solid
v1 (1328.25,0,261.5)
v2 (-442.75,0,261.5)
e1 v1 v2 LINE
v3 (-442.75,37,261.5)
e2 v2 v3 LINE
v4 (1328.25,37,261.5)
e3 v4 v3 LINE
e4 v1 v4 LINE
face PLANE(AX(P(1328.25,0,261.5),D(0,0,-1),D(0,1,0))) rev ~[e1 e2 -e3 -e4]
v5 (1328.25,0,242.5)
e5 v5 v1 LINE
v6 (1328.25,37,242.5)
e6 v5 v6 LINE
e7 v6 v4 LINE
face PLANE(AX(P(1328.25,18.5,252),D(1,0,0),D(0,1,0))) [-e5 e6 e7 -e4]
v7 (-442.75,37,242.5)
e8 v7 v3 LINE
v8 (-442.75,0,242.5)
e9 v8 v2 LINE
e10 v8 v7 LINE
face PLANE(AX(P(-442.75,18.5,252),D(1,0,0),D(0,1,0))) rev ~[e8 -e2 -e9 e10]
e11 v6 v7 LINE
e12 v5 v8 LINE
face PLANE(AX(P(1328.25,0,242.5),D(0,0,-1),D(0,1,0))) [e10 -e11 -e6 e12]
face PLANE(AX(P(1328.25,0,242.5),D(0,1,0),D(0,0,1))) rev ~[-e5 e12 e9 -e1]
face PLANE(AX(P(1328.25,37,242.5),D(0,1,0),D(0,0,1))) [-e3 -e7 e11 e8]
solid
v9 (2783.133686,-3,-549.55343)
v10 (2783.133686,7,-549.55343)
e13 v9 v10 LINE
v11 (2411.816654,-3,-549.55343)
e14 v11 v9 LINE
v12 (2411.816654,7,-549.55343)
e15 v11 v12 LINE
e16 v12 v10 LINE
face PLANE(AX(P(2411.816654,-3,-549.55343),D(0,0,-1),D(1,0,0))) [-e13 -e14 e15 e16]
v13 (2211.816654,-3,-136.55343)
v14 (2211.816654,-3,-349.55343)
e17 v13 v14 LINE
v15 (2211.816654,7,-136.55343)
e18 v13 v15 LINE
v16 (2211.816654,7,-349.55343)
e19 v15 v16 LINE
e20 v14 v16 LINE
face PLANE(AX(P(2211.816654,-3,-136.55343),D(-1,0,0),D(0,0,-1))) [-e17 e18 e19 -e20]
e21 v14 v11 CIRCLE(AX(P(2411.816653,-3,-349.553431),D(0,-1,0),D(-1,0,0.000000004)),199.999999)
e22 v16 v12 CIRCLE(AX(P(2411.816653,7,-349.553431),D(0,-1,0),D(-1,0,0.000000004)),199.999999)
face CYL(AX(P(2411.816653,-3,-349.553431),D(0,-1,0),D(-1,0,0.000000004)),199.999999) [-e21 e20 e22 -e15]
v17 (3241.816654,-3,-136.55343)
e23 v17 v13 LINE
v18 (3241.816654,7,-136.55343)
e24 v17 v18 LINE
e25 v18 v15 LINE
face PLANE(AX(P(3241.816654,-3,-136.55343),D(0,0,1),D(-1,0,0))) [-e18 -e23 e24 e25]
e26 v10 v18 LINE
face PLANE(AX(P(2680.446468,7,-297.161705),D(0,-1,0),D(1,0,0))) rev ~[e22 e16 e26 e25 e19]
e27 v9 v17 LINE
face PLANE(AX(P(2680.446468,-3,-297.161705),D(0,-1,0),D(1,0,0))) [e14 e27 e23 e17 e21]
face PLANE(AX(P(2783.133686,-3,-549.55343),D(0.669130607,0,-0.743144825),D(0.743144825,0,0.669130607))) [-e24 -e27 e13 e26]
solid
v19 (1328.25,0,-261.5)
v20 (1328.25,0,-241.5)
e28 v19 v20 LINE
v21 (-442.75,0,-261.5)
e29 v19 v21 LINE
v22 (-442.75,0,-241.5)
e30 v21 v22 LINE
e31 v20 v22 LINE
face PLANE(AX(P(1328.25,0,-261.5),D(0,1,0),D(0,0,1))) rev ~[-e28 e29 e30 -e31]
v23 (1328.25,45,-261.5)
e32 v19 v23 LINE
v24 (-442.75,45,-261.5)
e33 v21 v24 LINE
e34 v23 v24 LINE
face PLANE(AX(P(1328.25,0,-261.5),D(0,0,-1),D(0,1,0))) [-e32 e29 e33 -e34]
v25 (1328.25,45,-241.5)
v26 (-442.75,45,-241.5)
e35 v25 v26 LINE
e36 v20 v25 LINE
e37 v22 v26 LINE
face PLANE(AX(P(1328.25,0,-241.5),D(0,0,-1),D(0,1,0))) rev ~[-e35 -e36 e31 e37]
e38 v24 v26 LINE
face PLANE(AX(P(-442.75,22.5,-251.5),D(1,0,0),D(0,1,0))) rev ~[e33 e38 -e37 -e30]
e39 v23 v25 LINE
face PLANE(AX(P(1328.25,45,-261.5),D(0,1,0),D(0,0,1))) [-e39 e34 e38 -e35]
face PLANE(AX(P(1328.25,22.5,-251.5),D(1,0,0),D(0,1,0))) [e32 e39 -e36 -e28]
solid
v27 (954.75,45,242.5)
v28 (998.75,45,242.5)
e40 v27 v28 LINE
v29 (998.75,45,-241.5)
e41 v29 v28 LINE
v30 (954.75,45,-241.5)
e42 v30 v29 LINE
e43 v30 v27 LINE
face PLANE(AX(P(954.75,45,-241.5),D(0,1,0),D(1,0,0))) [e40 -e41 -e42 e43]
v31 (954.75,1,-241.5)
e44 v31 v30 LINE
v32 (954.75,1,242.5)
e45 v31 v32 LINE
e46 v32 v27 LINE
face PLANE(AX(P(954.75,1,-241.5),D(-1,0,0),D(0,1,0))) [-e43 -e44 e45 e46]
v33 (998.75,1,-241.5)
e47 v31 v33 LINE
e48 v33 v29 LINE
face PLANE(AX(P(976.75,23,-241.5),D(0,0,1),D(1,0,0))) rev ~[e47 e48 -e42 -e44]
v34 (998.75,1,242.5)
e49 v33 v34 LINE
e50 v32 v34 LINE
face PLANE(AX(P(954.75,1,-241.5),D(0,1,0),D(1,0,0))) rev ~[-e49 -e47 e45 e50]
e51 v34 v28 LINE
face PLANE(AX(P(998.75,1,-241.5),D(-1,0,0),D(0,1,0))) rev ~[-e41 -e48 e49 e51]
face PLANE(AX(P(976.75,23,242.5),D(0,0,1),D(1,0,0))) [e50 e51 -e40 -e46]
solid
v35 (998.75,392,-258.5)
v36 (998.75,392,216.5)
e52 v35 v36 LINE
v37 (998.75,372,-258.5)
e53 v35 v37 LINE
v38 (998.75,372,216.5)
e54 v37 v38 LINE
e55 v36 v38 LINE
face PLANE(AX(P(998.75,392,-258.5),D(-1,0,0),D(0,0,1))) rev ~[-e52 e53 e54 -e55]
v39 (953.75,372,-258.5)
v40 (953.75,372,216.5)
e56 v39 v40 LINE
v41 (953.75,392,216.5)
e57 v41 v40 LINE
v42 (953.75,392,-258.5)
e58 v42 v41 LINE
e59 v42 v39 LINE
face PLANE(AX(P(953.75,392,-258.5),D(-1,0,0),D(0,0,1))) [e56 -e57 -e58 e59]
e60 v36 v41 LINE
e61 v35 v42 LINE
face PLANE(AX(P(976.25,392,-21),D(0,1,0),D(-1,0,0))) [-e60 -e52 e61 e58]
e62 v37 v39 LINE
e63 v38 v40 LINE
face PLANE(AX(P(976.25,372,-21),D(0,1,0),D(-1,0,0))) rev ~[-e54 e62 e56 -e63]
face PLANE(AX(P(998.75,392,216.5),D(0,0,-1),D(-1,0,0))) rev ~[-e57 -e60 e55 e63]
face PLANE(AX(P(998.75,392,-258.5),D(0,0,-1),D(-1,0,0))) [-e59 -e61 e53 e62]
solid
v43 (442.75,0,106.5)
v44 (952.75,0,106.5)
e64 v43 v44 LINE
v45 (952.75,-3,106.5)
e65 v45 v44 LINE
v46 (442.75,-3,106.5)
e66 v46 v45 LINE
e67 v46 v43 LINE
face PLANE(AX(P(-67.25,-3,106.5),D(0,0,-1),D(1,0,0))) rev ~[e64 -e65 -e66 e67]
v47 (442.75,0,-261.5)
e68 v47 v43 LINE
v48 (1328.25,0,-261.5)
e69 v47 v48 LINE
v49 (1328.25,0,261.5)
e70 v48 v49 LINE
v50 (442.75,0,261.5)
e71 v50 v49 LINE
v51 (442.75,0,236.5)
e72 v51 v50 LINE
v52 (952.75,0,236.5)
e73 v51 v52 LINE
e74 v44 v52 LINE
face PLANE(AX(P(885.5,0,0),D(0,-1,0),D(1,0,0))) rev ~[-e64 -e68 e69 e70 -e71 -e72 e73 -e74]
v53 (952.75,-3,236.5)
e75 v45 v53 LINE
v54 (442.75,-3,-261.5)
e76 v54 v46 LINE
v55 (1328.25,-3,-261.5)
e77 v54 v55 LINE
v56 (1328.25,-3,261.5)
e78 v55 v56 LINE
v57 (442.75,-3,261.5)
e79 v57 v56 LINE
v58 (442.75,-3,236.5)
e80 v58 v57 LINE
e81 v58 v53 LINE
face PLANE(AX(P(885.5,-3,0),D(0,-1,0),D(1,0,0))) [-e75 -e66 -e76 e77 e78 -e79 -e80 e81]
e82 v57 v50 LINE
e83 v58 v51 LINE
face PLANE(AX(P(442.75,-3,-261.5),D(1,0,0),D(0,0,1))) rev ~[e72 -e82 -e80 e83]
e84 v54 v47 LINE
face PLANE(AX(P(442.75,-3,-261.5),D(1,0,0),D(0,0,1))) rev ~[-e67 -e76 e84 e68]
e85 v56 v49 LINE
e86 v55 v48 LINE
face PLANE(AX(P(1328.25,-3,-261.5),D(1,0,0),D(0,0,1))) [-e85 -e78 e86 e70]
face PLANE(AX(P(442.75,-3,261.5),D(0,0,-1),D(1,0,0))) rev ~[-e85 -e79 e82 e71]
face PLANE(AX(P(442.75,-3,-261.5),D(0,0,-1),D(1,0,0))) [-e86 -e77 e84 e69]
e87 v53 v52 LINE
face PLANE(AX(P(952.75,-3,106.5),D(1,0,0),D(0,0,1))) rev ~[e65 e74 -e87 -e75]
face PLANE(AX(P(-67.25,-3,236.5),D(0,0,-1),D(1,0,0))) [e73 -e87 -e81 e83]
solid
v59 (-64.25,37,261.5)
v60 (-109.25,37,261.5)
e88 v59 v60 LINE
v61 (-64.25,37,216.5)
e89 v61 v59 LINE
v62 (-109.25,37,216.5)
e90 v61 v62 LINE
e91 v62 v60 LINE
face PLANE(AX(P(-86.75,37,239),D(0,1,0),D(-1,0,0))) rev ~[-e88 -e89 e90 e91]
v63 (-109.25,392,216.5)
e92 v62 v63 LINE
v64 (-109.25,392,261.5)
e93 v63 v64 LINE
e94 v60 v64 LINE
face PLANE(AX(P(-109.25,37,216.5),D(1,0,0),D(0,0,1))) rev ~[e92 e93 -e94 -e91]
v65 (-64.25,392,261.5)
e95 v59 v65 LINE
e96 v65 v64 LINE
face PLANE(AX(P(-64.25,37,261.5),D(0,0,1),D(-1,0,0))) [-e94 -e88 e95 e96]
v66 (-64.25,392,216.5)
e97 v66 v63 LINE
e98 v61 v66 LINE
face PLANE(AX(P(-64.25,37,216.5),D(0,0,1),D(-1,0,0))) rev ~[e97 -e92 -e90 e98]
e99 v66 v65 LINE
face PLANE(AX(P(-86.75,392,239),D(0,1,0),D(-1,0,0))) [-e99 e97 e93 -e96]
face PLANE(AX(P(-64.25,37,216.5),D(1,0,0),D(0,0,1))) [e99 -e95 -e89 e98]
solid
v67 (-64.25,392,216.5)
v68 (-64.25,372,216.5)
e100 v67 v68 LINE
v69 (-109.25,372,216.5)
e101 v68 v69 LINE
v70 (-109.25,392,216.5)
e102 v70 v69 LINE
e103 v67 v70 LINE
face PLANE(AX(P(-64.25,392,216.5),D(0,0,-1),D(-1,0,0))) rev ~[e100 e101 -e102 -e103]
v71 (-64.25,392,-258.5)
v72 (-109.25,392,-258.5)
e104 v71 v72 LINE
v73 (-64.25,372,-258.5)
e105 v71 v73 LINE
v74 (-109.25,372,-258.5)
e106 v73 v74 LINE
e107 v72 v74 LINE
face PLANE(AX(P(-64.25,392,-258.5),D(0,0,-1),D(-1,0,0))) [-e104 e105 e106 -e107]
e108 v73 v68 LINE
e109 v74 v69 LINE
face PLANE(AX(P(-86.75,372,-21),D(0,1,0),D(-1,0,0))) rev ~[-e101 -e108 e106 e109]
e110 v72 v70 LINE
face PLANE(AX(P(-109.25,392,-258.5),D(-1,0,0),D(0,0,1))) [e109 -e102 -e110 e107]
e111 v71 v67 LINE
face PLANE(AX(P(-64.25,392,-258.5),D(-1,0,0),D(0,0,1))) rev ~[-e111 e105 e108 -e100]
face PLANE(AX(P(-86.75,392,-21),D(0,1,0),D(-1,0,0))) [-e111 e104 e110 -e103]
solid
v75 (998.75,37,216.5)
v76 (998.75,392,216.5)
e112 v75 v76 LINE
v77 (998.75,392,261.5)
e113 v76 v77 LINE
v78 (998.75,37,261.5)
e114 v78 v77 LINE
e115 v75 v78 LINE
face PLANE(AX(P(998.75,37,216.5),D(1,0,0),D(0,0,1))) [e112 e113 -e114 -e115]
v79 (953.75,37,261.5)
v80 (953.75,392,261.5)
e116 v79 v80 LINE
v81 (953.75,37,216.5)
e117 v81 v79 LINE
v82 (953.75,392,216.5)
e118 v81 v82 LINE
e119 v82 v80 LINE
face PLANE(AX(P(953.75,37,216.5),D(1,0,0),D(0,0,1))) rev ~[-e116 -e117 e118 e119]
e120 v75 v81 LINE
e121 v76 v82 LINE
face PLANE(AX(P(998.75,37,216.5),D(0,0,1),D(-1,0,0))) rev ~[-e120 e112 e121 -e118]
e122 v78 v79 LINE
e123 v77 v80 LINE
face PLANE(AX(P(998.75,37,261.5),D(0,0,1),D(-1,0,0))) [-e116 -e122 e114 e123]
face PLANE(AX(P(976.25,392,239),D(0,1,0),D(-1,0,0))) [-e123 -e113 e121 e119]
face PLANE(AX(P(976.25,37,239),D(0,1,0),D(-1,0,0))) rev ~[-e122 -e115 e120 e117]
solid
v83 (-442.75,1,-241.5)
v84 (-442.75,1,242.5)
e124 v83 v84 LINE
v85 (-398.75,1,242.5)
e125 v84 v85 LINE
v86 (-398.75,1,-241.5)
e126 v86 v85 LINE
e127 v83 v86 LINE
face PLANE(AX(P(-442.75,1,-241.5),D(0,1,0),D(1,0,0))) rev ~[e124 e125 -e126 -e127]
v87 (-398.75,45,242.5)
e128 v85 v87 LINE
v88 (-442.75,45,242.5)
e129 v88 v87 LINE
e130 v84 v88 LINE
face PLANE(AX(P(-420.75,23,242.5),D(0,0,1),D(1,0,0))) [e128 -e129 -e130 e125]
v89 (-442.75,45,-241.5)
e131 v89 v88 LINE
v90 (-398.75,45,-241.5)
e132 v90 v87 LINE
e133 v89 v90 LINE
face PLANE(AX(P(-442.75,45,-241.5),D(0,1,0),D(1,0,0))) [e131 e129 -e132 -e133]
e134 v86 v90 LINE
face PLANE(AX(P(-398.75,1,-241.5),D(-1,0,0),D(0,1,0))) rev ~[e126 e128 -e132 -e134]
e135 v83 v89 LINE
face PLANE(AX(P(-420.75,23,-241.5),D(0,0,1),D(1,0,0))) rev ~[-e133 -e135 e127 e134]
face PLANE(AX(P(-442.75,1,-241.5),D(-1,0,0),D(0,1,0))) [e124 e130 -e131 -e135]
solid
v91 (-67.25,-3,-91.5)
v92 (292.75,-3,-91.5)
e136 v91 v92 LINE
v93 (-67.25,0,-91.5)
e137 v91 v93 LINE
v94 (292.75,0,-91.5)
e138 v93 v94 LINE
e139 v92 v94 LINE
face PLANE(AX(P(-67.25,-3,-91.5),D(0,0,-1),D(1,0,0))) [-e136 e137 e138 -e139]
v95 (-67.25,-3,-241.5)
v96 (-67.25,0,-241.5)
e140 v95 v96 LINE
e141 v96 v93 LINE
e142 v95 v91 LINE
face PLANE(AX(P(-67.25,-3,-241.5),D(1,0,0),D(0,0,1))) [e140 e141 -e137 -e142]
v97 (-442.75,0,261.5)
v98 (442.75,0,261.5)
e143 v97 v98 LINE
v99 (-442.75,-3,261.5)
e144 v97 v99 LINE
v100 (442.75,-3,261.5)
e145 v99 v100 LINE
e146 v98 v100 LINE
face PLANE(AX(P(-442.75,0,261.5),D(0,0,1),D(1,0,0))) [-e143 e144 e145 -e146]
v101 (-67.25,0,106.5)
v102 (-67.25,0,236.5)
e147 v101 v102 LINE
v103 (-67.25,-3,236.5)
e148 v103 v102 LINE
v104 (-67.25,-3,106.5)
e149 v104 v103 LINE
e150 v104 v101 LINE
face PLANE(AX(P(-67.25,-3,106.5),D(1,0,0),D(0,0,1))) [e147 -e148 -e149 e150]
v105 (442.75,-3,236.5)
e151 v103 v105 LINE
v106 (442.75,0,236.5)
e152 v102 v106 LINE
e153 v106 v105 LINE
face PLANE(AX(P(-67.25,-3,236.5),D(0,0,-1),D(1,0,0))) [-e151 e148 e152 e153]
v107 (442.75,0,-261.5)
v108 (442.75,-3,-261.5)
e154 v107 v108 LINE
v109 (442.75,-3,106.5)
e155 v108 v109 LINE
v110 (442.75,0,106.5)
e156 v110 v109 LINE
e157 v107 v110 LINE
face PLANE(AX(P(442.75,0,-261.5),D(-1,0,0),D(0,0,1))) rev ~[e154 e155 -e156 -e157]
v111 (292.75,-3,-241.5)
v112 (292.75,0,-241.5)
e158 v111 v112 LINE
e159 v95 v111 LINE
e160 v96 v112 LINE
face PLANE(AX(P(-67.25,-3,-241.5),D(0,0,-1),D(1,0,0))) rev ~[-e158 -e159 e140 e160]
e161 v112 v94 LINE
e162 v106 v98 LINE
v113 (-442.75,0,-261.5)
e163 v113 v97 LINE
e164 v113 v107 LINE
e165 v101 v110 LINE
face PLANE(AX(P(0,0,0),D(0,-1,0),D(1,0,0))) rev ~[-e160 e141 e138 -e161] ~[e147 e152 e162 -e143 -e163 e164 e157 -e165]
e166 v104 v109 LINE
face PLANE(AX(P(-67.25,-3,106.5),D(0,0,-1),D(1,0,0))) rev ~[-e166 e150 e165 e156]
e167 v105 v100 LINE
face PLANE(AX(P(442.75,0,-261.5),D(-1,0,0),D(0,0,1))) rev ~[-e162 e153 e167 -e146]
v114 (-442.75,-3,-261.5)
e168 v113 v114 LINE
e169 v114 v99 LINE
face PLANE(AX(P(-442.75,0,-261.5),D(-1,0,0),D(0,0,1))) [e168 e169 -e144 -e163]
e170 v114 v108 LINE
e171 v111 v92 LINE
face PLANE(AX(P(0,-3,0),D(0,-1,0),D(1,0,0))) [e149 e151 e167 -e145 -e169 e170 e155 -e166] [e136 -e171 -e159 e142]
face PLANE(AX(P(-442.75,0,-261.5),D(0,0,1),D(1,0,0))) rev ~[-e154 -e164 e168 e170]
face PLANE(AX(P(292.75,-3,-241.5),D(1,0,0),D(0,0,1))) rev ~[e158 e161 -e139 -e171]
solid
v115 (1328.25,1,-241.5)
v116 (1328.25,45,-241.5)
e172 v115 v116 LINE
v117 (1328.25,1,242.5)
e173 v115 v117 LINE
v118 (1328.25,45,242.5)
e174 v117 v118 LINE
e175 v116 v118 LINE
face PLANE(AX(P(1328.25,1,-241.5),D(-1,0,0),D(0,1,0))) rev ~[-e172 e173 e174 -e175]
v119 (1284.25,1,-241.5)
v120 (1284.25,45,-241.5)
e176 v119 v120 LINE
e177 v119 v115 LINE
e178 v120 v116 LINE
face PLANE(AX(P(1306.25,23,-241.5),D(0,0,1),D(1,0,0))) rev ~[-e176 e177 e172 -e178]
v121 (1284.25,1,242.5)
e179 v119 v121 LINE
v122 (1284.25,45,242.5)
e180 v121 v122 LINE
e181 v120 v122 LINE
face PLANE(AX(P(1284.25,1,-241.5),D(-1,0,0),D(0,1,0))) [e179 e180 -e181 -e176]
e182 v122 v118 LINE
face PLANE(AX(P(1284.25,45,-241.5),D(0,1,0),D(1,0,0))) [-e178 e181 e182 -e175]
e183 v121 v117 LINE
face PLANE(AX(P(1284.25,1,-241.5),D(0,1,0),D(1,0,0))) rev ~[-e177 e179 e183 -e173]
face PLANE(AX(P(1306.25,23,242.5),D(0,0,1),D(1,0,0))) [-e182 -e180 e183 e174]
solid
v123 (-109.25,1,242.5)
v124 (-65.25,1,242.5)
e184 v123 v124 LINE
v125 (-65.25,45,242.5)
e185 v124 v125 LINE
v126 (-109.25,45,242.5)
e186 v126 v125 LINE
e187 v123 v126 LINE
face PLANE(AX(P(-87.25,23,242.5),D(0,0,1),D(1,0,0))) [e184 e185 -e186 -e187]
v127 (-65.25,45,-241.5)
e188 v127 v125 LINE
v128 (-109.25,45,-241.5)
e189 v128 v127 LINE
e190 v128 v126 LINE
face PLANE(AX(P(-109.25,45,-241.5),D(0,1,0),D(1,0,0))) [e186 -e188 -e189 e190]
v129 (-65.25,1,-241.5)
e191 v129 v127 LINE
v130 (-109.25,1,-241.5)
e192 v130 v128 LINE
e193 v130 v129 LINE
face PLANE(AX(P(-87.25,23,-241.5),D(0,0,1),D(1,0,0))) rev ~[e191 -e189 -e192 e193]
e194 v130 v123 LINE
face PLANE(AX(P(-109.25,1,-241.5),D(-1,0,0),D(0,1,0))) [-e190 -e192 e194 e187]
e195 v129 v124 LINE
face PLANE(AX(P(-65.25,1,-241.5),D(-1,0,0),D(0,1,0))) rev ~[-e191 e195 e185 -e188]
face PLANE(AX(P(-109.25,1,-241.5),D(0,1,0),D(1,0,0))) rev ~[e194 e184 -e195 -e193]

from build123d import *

# Parameters (mm, degrees)
F0_W      = 885.5
F0_H      = 523
F1_DEPTH  = 3
F2_W      = 885.5
F2_H      = 523
F3_DEPTH  = 3
F4_W      = 1020
F4_H      = 130
F5_DEPTH  = 25
F6_W      = 360
F6_H      = 150
F7_DEPTH  = 25
F8_W      = 37
F8_H      = 19
F8_W_2    = 45
F8_H_2    = 20
F9_DEPTH  = 1771
F10_W     = 44
F10_H     = 44
F11_DEPTH = 484
F12_W     = 45
F12_H     = 45
F13_DEPTH = 355
F14_W     = 45
F14_H     = 475
F15_DEPTH = 20
F17_DEPTH = 10


with BuildPart() as f1:
    # F0 (on Front) → F1 (new body)
    with BuildSketch(Plane.XZ):
        Rectangle(F0_W, F0_H)
    extrude(amount=F1_DEPTH)


with BuildPart() as f3:
    # F2 (on face) → F3 (new body)
    with BuildSketch(Plane.XZ.offset(3)):
        with Locations((885.5, 0)):
            Rectangle(F2_W, F2_H)
    extrude(amount=-F3_DEPTH)


with BuildPart() as f5_tool:
    # F4 (on face) → F5 (new body)
    with BuildSketch(Plane.XZ.offset(3)):
        with Locations((442.75, 171.5)):
            Rectangle(F4_W, F4_H)
    extrude(amount=-F5_DEPTH)


with BuildPart() as f1_1:
    add(f1.part)

    # F5: cut by f5_tool
    add(f5_tool.part, mode=Mode.SUBTRACT)

    # F6 (on face) → F7 (cut)
    with BuildSketch(Plane.XZ.offset(3)):
        with Locations((112.75, -166.5)):
            Rectangle(F6_W, F6_H)
    extrude(amount=-F7_DEPTH, mode=Mode.SUBTRACT)


with BuildPart() as f3_1:
    add(f3.part)

    # F5: cut by f5_tool
    add(f5_tool.part, mode=Mode.SUBTRACT)


with BuildPart() as f9:
    # F8 (on face) → F9 (new body)
    with BuildSketch(Plane.YZ.offset(1328.25)):
        with Locations((18.5, 252)):
            Rectangle(F8_W, F8_H)
        with Locations((22.5, -251.5)):
            Rectangle(F8_W_2, F8_H_2)
    extrude(amount=-F9_DEPTH)


with BuildPart() as f11:
    # F10 (on face) → F11 (new body)
    with BuildSketch(Plane.XY.offset(-241.5)):
        with Locations((-420.75, 23)):
            Rectangle(F10_W, F10_H)
        with Locations((-87.25, 23)):
            Rectangle(F10_W, F10_H)
        with Locations((976.75, 23)):
            Rectangle(F10_W, F10_H)
        with Locations((1306.25, 23)):
            Rectangle(F10_W, F10_H)
    extrude(amount=F11_DEPTH)


with BuildPart() as f13:
    # F12 (on face) → F13 (new body)
    with BuildSketch(Plane(origin=(0, 37, 0), x_dir=(-1, 0, 0), z_dir=(0, 1, 0))):
        with Locations((-976.25, 239)):
            Rectangle(F12_W, F12_H)
        with Locations((86.75, 239)):
            Rectangle(F12_W, F12_H)
    extrude(amount=F13_DEPTH)


with BuildPart() as f15:
    # F14 (on face) → F15 (new body)
    with BuildSketch(Plane(origin=(0, 392, 0), x_dir=(-1, 0, 0), z_dir=(0, 1, 0))):
        with Locations((-976.25, -21)):
            Rectangle(F14_W, F14_H)
        with Locations((86.75, -21)):
            Rectangle(F14_W, F14_H)
    extrude(amount=-F15_DEPTH)


with BuildPart() as f17:
    # F16 (on face) → F17 (new body)
    with BuildSketch(Plane.XZ.offset(3)):
        with BuildLine():
            ThreePointArc((2211.816654, -349.55343), (2270.395298, -490.974787), (2411.816654, -549.55343))
            Line((2411.816654, -549.55343), (2783.133686, -549.55343))
            Line((2783.133686, -549.55343), (3241.816654, -136.55343))
            Line((3241.816654, -136.55343), (2211.816654, -136.55343))
            Line((2211.816654, -136.55343), (2211.816654, -349.55343))
        make_face()
    extrude(amount=-F17_DEPTH)


solid = Compound([f1_1.part, f3_1.part, f9.part, f11.part, f13.part, f15.part, f17.part])
